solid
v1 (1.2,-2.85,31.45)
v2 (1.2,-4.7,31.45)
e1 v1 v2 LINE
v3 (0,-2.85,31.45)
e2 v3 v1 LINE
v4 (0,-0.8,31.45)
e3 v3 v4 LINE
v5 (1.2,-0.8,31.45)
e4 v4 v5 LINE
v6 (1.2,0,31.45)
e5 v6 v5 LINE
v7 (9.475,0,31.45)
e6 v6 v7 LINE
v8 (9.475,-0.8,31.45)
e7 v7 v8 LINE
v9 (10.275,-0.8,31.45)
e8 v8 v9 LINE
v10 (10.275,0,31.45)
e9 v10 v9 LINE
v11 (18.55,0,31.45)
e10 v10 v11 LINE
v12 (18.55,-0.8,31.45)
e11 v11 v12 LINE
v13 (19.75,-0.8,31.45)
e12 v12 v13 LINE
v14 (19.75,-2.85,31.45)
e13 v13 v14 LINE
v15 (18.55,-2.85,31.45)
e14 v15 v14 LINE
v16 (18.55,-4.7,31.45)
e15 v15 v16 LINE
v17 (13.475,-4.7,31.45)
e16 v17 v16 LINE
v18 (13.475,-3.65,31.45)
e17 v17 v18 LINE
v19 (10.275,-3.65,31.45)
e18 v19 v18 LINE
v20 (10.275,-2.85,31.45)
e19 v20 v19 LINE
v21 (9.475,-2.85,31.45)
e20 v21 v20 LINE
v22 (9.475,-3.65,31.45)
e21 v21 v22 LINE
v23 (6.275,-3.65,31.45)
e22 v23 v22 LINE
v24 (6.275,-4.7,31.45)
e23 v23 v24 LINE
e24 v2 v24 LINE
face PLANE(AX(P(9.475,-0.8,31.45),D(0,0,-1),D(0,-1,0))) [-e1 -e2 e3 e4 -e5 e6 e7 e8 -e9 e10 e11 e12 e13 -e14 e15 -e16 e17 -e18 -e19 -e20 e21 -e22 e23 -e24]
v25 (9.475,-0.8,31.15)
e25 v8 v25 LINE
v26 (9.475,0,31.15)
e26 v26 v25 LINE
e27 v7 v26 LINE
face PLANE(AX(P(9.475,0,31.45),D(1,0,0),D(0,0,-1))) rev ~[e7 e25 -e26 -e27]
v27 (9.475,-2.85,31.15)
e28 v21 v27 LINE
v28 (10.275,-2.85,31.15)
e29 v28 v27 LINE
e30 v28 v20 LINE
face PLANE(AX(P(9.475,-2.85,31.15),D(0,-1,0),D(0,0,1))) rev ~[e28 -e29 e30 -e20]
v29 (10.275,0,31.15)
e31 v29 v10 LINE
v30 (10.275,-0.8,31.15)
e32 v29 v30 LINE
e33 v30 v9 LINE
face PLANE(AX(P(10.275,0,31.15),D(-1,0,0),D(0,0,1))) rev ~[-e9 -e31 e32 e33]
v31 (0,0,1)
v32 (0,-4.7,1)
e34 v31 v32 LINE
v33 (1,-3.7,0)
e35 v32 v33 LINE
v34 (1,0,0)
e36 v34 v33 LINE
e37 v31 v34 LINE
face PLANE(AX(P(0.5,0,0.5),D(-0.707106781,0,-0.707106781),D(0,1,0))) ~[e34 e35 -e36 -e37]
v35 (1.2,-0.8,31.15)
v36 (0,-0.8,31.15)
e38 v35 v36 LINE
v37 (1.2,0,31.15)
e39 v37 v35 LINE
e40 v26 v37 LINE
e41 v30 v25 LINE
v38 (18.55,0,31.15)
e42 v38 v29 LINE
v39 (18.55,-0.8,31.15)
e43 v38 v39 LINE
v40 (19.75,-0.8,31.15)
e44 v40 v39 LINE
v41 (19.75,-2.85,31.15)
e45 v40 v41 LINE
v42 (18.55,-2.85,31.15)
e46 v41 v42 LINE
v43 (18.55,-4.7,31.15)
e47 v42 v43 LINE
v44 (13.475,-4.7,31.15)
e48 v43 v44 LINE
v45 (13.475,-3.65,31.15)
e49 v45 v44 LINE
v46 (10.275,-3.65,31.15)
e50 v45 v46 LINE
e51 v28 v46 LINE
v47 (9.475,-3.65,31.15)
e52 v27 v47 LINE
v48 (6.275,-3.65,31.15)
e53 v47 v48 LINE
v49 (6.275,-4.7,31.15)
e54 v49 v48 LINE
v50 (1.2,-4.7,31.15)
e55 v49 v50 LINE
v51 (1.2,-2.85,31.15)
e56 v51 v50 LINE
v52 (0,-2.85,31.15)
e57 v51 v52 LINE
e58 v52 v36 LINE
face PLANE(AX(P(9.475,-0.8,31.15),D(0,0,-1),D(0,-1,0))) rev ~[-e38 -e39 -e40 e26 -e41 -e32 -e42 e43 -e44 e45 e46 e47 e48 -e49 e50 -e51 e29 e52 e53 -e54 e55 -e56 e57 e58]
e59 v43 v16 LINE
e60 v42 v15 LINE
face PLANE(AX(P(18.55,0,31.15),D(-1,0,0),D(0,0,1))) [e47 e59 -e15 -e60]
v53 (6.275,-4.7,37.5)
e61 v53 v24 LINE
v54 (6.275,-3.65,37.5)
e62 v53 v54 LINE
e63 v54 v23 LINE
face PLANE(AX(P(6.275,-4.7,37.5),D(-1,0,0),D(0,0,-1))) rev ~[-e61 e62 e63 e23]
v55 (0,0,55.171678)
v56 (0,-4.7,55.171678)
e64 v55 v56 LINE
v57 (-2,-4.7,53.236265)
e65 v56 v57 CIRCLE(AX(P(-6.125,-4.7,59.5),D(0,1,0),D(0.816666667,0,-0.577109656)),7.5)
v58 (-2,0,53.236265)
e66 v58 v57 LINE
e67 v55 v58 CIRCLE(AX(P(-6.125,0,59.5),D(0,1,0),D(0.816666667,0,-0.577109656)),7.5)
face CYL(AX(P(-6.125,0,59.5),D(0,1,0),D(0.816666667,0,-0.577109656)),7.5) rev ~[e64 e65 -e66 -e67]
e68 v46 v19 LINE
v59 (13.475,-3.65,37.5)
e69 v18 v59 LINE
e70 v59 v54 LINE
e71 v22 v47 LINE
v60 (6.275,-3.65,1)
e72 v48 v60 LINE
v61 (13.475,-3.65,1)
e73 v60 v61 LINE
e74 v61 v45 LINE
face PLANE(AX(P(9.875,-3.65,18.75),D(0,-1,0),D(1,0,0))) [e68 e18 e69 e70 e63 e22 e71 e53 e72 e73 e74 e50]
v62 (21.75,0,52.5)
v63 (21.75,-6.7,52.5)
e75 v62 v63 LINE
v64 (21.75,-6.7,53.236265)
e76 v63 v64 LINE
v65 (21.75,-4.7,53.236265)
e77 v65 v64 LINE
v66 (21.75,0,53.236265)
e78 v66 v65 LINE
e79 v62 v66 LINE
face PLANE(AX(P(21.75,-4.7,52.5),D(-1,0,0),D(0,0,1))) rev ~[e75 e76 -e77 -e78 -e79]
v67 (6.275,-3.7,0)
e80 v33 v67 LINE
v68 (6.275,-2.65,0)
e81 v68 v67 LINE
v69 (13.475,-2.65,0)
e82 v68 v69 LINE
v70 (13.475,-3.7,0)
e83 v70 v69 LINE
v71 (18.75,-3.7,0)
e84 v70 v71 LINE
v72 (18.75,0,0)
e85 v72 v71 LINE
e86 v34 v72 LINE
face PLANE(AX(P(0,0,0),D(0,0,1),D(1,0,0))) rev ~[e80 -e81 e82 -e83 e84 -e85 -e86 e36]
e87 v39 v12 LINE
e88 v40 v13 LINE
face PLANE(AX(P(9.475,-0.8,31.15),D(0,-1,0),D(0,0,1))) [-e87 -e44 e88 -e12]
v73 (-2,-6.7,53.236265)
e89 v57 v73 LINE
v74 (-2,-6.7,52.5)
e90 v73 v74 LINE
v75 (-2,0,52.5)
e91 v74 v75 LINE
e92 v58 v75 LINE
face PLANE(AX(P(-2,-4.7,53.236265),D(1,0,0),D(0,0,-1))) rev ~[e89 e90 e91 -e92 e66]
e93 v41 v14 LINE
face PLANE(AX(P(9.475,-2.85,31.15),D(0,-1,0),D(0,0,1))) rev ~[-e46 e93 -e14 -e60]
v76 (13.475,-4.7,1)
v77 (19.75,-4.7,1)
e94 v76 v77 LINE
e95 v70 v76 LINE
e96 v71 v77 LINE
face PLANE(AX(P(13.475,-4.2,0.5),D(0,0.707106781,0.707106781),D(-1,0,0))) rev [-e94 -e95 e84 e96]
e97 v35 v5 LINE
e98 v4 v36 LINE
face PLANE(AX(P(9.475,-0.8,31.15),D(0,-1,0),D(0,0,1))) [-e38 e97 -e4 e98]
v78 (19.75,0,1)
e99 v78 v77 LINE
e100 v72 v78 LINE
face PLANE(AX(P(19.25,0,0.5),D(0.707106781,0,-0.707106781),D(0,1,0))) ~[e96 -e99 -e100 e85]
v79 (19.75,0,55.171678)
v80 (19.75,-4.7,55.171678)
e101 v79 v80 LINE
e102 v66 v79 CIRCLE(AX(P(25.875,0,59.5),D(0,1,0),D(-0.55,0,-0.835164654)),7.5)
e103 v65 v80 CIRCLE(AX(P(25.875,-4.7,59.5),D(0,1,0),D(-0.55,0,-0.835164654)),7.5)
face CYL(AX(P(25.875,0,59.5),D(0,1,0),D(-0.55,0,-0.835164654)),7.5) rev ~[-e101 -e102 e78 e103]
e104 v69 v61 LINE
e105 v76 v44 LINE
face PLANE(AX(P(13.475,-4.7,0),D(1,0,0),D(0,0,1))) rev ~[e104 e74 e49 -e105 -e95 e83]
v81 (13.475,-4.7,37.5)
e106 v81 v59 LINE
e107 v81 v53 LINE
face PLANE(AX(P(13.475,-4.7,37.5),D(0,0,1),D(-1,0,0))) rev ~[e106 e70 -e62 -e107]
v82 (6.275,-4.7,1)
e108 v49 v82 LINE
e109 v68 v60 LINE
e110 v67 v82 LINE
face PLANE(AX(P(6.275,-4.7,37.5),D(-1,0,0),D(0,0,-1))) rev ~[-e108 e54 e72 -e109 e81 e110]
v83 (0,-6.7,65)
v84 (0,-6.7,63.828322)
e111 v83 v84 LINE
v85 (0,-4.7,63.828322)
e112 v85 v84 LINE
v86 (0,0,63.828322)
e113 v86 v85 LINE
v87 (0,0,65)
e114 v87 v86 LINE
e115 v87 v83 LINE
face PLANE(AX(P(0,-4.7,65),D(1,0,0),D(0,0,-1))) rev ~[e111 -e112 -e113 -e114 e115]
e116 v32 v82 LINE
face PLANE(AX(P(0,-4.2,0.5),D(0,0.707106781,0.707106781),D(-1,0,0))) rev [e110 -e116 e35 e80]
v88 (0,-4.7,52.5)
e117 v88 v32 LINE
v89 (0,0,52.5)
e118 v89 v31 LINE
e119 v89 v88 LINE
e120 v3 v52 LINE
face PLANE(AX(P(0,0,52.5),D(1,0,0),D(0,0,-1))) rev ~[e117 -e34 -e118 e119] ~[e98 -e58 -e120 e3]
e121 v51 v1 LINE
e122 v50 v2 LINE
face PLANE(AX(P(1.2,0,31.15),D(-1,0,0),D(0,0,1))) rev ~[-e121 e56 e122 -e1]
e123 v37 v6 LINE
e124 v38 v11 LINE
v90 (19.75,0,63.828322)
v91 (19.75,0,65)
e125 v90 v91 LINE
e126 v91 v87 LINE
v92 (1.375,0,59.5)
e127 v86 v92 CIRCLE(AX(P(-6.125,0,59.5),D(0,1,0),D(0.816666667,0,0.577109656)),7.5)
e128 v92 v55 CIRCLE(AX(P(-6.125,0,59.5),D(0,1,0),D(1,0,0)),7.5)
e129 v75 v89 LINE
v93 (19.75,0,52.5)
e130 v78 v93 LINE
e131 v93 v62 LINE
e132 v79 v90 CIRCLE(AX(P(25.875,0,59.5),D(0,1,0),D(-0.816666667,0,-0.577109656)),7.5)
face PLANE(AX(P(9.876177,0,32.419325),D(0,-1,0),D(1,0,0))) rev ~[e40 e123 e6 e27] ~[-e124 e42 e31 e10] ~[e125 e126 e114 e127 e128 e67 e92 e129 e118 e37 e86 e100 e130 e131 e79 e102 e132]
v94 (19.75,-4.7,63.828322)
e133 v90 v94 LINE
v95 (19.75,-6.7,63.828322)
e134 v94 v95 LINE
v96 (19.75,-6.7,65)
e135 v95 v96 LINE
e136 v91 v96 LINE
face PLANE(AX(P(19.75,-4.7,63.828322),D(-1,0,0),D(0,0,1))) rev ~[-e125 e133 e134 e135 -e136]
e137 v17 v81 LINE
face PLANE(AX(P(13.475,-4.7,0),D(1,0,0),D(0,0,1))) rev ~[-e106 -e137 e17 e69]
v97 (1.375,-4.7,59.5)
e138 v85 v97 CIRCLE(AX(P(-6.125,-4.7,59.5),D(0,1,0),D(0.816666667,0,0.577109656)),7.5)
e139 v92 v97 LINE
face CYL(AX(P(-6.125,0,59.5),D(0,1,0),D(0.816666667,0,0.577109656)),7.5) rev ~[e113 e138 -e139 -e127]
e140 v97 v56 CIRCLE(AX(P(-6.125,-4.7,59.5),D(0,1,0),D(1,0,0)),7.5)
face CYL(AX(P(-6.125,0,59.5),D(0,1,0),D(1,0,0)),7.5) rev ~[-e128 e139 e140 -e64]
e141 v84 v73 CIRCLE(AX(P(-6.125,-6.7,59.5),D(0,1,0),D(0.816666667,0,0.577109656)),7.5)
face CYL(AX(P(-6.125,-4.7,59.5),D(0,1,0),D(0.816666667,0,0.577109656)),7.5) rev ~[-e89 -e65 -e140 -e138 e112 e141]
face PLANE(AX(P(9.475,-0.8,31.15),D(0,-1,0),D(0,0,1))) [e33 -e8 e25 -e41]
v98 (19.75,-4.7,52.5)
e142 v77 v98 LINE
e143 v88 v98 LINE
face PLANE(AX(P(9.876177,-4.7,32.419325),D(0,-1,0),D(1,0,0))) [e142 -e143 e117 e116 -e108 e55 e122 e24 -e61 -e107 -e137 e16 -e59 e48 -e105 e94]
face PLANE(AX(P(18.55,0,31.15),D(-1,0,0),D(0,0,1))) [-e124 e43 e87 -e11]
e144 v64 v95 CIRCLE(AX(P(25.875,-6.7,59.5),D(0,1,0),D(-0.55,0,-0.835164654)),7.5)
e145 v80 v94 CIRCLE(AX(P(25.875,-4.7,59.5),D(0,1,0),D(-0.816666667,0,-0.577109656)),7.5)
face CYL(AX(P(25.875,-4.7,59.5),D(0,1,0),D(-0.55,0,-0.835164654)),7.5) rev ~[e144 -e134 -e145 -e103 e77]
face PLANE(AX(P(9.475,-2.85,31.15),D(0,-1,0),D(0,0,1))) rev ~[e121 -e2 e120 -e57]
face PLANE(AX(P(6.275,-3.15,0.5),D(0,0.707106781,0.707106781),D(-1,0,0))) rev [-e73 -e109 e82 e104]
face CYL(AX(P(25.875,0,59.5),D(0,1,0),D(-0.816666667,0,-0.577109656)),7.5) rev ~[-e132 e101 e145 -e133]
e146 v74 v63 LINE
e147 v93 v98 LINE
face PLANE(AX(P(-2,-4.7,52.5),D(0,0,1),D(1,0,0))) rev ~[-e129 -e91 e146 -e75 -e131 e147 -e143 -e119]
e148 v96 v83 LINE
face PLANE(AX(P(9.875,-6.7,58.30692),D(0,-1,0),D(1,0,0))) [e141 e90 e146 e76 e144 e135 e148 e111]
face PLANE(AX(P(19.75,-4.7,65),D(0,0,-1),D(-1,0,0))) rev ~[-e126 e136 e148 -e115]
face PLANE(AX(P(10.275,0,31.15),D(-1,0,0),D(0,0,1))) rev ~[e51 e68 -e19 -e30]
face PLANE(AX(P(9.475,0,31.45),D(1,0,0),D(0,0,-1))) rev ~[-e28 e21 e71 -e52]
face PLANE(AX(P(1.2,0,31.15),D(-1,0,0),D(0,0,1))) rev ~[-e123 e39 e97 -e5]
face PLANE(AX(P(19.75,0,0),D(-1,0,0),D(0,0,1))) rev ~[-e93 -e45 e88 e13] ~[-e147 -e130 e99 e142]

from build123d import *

# Parameters (mm, degrees)
F0_W     = 1.2
F0_H     = 0.3
F1_DEPTH = 4.7
F3_DEPTH = 1.05
F6_DEPTH = 2
F7_SIZE  = 1
F8_W     = 2.05
F8_H     = 0.3
F9_DEPTH = 125


with BuildPart() as f1:
    # F0 (on Front) → F1 (new body)
    with BuildSketch(Plane.XZ):
        with BuildLine():
            Line((0, 31.15), (0, 0))
            Line((0, 0), (19.75, 0))
            Line((19.75, 0), (19.75, 31.15))
            Line((19.75, 31.15), (18.55, 31.15))
            Line((18.55, 31.15), (10.275, 31.15))
            Line((10.275, 31.15), (10.275, 31.45))
            Line((10.275, 31.45), (18.55, 31.45))
            Line((18.55, 31.45), (19.75, 31.45))
            Line((19.75, 31.45), (19.75, 52.5))
            Line((19.75, 52.5), (19.75, 55.1716775767))
            ThreePointArc((19.75, 55.1716775767), (18.375, 59.5), (19.75, 63.8283224233))
            Line((19.75, 63.8283224233), (19.75, 65))
            Line((19.75, 65), (0, 65))
            Line((0, 65), (0, 63.8283224233))
            ThreePointArc((0, 63.8283224233), (1.0229892277, 61.7707377656), (1.375, 59.5))
            ThreePointArc((1.375, 59.5), (1.0229892277, 57.2292622344), (0, 55.1716775767))
            Line((0, 55.1716775767), (0, 52.5))
            Line((0, 52.5), (0, 31.45))
            Line((0, 31.45), (1.2, 31.45))
            Line((1.2, 31.45), (9.475, 31.45))
            Line((9.475, 31.45), (9.475, 31.15))
            Line((9.475, 31.15), (1.2, 31.15))
            Line((1.2, 31.15), (0, 31.15))
        make_face()
        with BuildLine():
            Line((-2, 52.5), (0, 52.5))
            Line((0, 52.5), (0, 55.1716775767))
            ThreePointArc((0, 55.1716775767), (-0.9094386331, 54.1103878035), (-2, 53.2362650918))
            Line((-2, 53.2362650918), (-2, 52.5))
        make_face()
        with BuildLine():
            Line((19.75, 55.1716775767), (19.75, 52.5))
            Line((19.75, 52.5), (21.75, 52.5))
            Line((21.75, 52.5), (21.75, 53.2362650918))
            ThreePointArc((21.75, 53.2362650918), (20.6594386331, 54.1103878035), (19.75, 55.1716775767))
        make_face()
        with Locations((0.6, 31.3)):
            Rectangle(F0_W, F0_H)
        with Locations((19.15, 31.3)):
            Rectangle(F0_W, F0_H)
    extrude(amount=F1_DEPTH)

    # F2 (on face) → F3 (cut)
    with BuildSketch(Plane.XZ.offset(4.7)):
        Polygon((13.475, 37.5), (6.275, 37.5), (6.275, 2.2), (6.275, 0), (13.475, 0), (13.475, 2.2), align=None)
    extrude(amount=-F3_DEPTH, mode=Mode.SUBTRACT)

    # F5 (on face) → F6 (join)
    with BuildSketch(Plane.XZ.offset(4.7)):
        with BuildLine():
            Line((-2, 52.5), (0, 52.5))
            Line((0, 52.5), (19.75, 52.5))
            Line((19.75, 52.5), (21.75, 52.5))
            Line((21.75, 52.5), (21.75, 53.2362650918))
            ThreePointArc((21.75, 53.2362650918), (18.5052276407, 58.1084342015), (19.75, 63.8283224233))
            Line((19.75, 63.8283224233), (19.75, 65))
            Line((19.75, 65), (0, 65))
            Line((0, 65), (0, 63.8283224233))
            ThreePointArc((0, 63.8283224233), (1.2447723593, 58.1084342015), (-2, 53.2362650918))
            Line((-2, 53.2362650918), (-2, 52.5))
        make_face()
    extrude(amount=F6_DEPTH)

    # F7
    f7_edges = [f1.edges().sort_by_distance(p)[0] for p in [
        (0, -2.35, 0),
        (19.75, -2.35, 0),
        (3.1375, -4.7, 0),
        (16.6125, -4.7, 0),
        (9.875, -3.65, 0),
    ]]
    chamfer(f7_edges, length=F7_SIZE)

    # F8 (on face) → F9 (cut, symmetric)
    with BuildSketch(Plane(origin=(9.475, 0, 0), x_dir=(0, -1, 0), z_dir=(-1, 0, 0))):
        with Locations((1.825, 31.3)):
            Rectangle(F8_W, F8_H)
    extrude(amount=F9_DEPTH, both=True, mode=Mode.SUBTRACT)


solid = f1.part
